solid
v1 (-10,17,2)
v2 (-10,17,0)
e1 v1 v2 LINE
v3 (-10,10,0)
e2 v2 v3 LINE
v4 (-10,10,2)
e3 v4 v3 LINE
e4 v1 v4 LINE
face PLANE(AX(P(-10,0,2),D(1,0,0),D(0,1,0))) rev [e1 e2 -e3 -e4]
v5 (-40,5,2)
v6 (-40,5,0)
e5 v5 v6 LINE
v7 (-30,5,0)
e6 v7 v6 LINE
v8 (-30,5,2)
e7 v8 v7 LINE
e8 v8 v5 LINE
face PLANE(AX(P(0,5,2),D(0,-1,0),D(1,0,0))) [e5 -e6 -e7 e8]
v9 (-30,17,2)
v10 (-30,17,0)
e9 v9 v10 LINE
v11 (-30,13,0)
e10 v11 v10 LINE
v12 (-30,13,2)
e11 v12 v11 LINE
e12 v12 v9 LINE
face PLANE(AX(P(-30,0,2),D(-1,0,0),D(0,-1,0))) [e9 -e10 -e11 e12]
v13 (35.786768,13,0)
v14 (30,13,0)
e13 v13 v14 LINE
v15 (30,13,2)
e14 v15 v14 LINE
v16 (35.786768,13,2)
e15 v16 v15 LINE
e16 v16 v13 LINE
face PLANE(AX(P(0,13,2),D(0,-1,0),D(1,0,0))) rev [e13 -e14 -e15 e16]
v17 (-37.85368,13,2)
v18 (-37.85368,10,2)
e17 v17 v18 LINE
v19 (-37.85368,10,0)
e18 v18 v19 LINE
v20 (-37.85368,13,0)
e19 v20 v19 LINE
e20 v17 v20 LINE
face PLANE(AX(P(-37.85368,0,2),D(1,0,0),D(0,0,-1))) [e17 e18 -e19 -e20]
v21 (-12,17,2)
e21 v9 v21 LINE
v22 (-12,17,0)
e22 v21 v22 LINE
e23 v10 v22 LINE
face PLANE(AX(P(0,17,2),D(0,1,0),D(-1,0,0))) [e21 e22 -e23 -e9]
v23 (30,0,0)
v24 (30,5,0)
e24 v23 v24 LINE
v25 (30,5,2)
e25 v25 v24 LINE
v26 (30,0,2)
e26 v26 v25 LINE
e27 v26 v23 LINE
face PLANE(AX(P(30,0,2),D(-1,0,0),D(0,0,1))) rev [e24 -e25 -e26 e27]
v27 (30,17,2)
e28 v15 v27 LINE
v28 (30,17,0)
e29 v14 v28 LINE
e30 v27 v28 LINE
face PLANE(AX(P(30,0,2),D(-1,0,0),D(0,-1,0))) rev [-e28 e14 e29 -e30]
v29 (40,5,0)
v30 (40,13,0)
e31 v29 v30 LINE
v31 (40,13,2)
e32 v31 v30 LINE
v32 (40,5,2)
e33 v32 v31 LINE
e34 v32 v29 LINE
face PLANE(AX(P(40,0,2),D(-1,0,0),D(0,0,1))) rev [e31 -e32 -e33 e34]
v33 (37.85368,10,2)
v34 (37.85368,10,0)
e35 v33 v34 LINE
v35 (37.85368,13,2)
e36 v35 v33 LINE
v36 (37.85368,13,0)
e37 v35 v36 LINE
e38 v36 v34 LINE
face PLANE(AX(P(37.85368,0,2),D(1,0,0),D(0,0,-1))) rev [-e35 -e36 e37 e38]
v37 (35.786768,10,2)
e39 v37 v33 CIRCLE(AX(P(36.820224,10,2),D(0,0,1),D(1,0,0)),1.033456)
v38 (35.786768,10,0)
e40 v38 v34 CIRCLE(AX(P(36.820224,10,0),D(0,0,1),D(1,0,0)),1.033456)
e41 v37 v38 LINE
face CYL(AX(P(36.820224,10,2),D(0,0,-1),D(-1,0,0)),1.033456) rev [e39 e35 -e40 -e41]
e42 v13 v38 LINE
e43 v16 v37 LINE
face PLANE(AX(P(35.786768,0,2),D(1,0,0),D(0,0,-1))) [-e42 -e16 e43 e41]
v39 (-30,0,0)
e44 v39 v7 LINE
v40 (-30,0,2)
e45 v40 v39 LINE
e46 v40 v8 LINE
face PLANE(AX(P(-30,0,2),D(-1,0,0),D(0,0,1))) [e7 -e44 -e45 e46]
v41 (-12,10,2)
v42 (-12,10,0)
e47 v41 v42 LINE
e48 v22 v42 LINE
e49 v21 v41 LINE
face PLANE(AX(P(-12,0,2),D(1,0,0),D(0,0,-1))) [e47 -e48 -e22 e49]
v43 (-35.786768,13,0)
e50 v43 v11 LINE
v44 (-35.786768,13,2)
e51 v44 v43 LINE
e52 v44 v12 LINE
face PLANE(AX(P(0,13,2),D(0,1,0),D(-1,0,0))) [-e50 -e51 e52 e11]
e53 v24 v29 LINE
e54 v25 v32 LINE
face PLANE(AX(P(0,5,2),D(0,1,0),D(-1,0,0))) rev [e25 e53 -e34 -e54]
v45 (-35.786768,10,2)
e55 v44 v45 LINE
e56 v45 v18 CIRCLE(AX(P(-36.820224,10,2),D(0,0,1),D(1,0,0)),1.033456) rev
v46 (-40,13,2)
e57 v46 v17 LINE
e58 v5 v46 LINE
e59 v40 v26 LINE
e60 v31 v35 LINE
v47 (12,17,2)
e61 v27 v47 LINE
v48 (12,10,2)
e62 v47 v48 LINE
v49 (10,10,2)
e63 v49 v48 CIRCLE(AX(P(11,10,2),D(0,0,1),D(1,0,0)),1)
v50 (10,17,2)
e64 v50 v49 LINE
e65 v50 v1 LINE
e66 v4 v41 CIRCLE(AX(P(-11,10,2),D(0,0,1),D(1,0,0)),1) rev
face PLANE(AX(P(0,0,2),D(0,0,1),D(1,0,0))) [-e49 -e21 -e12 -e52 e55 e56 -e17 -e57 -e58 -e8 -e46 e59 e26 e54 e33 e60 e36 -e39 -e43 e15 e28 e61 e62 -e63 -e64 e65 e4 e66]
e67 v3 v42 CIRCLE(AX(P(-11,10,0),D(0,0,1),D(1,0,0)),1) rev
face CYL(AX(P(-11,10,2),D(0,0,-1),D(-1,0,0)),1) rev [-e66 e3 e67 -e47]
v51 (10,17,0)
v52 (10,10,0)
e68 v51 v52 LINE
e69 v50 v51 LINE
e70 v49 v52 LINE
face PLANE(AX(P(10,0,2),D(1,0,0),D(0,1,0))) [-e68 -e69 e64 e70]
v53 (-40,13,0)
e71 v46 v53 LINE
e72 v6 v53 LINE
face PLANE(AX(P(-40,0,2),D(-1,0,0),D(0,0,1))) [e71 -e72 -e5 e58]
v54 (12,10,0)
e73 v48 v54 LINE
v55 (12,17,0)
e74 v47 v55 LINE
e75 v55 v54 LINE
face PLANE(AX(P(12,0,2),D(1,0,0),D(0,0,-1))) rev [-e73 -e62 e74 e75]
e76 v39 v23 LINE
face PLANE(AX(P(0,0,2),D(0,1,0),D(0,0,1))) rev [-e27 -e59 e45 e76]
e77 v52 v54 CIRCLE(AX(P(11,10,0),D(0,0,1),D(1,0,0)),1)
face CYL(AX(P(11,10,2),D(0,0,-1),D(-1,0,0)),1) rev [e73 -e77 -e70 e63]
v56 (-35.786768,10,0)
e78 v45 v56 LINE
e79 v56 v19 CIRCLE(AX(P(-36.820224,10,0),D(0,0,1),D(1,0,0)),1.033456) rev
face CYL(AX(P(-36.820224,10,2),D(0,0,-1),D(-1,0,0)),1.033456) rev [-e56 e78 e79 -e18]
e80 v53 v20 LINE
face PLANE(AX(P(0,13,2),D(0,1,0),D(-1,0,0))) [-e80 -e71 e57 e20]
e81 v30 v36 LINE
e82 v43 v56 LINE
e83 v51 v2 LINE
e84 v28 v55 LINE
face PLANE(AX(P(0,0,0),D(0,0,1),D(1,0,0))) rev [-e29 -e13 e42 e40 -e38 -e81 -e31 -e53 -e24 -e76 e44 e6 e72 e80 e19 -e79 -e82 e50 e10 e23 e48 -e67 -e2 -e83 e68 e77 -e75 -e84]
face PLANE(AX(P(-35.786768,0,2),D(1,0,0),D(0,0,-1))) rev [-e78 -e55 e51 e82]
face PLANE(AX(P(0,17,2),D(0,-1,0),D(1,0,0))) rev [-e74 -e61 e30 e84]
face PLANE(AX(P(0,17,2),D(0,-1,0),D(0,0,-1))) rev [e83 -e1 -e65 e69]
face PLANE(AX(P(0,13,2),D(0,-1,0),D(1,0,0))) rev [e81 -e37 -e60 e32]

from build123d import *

# Parameters (mm, degrees)
RESSALTO_EXTRUS_O1_DEPTH = 2


with BuildPart() as part:
    # Esboço1 → Ressalto-extrusão1 (new body)
    with BuildSketch(Plane.XY):
        with BuildLine():
            Line((-30, 5), (-30, 0))
            Line((-30, 0), (30, 0))
            Line((30, 0), (30, 5))
            Line((30, 5), (40, 5))
            Line((40, 5), (40, 13))
            Line((40, 13), (37.853679508, 13))
            Line((37.853679508, 13), (37.853679508, 10))
            ThreePointArc((37.853679508, 10), (36.820223821, 8.966544314), (35.786768135, 10))
            Line((35.786768135, 10), (35.786768135, 13))
            Line((35.786768135, 13), (30, 13))
            Line((30, 13), (30, 17))
            Line((30, 17), (12, 17))
            Line((12, 17), (12, 10))
            ThreePointArc((12, 10), (11, 9), (10, 10))
            Line((10, 10), (10, 17))
            Line((10, 17), (-10, 17))
            Line((-10, 17), (-10, 10))
            ThreePointArc((-10, 10), (-11, 9), (-12, 10))
            Line((-12, 10), (-12, 17))
            Line((-12, 17), (-30, 17))
            Line((-30, 17), (-30, 13))
            Line((-30, 13), (-35.786768135, 13))
            Line((-35.786768135, 13), (-35.786768135, 10))
            ThreePointArc((-35.786768135, 10), (-36.820223821, 8.966544314), (-37.853679508, 10))
            Line((-37.853679508, 10), (-37.853679508, 13))
            Line((-37.853679508, 13), (-40, 13))
            Line((-40, 13), (-40, 5))
            Line((-40, 5), (-30, 5))
        make_face()
    extrude(amount=RESSALTO_EXTRUS_O1_DEPTH)


solid = part.part
